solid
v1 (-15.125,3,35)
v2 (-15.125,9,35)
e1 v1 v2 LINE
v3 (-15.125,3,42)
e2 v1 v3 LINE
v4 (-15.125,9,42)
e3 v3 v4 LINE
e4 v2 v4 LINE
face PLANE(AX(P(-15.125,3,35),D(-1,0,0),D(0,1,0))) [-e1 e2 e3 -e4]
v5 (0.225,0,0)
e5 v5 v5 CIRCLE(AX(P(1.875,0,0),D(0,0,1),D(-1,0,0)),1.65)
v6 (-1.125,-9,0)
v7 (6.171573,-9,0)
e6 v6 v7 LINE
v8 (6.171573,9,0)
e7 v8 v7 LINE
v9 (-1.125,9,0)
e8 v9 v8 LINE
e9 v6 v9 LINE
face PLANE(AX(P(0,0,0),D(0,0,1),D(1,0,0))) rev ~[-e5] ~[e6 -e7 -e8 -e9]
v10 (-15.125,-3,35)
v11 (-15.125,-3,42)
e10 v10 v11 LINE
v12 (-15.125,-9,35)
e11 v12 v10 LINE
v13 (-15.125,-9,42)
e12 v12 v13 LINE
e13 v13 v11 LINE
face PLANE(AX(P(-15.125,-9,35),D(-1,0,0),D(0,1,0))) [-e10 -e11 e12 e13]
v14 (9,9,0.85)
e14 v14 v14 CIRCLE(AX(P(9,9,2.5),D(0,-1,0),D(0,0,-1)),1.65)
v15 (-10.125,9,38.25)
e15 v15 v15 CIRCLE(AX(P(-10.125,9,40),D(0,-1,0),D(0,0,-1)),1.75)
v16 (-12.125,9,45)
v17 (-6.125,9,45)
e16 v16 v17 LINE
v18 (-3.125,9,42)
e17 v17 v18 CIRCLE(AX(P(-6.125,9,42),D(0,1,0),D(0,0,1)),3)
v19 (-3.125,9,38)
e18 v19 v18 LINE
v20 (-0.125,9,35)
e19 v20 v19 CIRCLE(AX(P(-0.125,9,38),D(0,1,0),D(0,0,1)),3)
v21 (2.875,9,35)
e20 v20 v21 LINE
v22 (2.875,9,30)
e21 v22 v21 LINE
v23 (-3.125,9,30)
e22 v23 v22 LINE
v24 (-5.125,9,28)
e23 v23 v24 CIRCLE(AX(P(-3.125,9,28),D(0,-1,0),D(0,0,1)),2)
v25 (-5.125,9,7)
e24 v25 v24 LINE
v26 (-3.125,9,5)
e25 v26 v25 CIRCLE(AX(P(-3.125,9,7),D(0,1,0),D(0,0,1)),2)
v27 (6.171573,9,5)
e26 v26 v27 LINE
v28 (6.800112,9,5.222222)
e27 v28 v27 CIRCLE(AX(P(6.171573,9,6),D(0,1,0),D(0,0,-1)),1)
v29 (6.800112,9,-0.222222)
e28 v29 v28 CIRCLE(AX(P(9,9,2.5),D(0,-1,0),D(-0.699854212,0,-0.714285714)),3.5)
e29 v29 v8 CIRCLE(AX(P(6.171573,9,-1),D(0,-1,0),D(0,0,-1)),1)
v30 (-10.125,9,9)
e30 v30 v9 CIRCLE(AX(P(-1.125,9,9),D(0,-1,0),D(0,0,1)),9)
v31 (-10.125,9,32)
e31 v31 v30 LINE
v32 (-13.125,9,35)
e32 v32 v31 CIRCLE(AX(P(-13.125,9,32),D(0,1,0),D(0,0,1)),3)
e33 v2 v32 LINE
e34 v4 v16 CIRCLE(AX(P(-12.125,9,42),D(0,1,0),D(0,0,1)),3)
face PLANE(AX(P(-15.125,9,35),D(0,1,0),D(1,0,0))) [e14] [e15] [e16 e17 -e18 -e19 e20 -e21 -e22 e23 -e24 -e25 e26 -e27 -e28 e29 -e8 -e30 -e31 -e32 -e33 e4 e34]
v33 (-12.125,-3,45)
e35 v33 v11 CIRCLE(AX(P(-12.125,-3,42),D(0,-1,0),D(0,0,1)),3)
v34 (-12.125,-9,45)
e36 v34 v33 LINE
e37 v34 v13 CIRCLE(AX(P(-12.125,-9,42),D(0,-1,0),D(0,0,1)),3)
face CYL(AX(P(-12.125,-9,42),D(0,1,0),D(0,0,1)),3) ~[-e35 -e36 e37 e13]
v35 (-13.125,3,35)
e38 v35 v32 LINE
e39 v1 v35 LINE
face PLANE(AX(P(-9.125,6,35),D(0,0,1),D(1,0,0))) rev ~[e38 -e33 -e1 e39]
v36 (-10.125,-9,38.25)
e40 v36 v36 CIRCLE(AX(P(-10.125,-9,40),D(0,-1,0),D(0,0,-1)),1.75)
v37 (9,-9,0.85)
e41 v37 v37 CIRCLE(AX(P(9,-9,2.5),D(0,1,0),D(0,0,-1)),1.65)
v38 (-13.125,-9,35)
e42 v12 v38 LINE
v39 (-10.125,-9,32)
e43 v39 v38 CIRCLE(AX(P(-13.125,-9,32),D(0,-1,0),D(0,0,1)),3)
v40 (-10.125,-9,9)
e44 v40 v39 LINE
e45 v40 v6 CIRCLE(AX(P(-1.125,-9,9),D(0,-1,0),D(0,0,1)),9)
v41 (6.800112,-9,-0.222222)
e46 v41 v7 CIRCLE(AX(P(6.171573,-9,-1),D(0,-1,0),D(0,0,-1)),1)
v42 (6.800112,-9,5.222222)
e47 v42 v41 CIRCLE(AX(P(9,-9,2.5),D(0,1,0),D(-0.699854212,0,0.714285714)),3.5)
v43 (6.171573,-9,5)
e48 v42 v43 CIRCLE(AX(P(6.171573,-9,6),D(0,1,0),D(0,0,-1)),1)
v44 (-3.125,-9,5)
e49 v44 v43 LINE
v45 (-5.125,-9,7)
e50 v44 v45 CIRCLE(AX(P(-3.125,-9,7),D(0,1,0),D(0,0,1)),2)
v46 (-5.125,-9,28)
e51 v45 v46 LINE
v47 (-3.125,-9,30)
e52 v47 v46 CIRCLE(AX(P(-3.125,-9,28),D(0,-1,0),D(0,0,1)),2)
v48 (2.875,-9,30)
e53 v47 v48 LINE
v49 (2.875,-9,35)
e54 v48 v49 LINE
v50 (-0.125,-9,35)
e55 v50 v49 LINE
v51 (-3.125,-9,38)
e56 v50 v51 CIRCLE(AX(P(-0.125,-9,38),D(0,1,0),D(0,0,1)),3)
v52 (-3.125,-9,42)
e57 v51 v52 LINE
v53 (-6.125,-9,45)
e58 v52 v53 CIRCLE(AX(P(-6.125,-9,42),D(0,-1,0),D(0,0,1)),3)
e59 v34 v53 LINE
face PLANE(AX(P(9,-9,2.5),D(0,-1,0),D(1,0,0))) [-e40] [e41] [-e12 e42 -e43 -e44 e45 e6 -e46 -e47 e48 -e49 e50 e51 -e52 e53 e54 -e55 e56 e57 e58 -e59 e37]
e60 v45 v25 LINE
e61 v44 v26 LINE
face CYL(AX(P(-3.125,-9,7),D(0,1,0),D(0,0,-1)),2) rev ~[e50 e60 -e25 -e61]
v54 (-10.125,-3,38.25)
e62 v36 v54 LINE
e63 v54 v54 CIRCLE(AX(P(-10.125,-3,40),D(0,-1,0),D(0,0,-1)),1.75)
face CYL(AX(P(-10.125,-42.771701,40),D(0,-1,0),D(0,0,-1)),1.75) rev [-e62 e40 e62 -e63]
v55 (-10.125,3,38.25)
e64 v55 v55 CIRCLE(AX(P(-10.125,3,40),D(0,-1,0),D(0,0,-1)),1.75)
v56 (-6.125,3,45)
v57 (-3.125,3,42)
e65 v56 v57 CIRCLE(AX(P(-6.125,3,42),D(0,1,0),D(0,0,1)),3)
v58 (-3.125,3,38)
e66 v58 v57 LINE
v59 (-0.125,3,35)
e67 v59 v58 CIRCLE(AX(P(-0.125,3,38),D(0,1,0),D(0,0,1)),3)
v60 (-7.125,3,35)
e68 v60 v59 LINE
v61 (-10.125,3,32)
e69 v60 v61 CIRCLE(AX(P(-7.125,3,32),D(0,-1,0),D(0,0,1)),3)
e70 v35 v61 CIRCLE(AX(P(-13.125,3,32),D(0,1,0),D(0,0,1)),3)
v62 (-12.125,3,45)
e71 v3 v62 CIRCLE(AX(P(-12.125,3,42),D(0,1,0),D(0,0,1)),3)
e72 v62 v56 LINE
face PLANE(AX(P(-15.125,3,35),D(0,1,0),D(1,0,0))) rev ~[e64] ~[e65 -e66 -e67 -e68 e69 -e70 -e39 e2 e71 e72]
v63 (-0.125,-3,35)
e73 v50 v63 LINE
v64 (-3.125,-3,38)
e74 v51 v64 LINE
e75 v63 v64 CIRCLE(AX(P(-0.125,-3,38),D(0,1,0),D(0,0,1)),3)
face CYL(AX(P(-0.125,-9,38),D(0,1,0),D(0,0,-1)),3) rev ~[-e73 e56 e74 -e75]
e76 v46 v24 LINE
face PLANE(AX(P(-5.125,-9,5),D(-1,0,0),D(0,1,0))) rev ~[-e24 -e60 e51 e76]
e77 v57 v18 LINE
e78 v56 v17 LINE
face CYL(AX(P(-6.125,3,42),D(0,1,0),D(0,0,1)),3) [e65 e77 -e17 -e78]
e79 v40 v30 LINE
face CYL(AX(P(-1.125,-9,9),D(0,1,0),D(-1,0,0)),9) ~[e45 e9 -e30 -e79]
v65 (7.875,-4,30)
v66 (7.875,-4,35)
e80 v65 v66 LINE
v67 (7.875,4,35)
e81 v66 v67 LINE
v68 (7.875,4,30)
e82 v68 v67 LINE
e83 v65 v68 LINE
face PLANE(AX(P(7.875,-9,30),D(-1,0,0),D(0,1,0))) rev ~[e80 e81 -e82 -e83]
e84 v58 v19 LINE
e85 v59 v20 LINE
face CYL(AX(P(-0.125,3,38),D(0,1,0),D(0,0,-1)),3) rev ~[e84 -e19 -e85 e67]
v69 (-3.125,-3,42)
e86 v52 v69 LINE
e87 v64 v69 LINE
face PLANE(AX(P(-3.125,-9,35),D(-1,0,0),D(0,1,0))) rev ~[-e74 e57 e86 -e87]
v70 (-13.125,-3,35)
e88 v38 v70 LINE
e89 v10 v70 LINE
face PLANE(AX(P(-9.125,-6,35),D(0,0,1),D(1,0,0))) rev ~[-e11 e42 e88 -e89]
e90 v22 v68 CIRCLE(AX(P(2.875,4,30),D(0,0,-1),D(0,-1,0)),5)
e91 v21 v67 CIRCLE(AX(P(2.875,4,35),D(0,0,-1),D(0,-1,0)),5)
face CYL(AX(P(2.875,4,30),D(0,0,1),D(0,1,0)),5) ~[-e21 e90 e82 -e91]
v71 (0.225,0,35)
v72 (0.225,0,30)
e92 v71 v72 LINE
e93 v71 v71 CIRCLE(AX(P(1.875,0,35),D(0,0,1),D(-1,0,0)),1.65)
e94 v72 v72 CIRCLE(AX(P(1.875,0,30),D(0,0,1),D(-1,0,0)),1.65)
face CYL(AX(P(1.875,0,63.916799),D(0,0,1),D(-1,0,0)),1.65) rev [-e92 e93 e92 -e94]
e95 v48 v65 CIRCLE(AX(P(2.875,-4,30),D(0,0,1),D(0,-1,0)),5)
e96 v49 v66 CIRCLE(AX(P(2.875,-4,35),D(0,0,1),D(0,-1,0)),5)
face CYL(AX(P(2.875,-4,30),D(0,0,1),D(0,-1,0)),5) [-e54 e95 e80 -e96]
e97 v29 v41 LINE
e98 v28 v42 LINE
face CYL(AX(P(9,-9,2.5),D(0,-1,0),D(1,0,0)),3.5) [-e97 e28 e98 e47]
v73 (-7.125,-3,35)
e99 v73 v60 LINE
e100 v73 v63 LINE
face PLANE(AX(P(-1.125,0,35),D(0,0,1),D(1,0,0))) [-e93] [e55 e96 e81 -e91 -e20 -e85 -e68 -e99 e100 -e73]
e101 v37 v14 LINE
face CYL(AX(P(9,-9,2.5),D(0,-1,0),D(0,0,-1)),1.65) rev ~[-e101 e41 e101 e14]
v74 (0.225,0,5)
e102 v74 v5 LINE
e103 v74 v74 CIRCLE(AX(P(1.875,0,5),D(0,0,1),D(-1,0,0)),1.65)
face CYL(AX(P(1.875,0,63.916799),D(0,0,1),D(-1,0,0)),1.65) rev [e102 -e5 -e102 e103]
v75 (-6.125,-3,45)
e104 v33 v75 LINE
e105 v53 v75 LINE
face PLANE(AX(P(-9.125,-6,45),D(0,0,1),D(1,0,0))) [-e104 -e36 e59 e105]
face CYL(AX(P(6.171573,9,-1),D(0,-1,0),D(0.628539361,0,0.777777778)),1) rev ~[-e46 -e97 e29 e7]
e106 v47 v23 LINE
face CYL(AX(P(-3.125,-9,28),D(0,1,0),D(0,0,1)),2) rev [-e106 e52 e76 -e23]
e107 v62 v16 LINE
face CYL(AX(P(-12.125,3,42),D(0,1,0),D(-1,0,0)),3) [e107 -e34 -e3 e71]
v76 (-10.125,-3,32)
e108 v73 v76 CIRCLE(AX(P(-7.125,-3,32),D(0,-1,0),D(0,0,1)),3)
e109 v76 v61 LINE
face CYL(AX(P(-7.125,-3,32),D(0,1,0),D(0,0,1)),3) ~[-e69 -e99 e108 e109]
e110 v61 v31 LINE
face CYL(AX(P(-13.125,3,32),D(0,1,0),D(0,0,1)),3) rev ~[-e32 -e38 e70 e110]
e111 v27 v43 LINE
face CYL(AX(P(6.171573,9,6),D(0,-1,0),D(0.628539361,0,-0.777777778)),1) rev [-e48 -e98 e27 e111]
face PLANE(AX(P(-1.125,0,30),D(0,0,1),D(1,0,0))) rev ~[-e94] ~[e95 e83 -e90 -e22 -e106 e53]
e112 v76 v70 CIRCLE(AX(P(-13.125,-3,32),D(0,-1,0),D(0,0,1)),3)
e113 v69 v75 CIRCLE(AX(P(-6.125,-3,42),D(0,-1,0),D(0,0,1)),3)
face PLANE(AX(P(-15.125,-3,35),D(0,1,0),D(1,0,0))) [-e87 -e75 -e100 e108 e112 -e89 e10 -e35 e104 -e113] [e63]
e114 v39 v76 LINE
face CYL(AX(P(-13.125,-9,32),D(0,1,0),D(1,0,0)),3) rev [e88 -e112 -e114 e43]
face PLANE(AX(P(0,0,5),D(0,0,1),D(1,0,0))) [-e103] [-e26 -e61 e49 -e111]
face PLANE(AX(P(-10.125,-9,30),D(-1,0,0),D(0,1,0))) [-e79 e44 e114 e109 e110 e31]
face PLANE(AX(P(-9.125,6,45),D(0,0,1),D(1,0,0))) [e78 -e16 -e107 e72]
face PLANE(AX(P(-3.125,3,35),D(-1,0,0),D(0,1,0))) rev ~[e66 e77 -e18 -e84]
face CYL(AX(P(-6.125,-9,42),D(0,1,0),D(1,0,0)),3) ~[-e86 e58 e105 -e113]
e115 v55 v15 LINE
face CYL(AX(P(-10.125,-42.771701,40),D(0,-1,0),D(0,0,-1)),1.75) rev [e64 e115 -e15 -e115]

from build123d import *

# Parameters (mm, degrees)
SKETCH1_W               = 20.25
SKETCH1_H               = 18
BOSS_EXTRUDE1_DEPTH     = 5
SKETCH2_W               = 5
SKETCH2_H               = 18
BOSS_EXTRUDE2_DEPTH     = 25
SKETCH3_W               = 18
SKETCH3_H               = 18
BOSS_EXTRUDE3_DEPTH     = 5
CUT_EXTRUDE2_DEPTH      = 33.916798523
CUT_EXTRUDE2_DEPTH_BACK = 33.916798523
SKETCH5_R               = 1.65
FILLET1_R               = 9
FILLET7_R               = 5
CUT_EXTRUDE4_DEPTH      = 41.638843795
CUT_EXTRUDE4_DEPTH_BACK = 41.638843795
SKETCH10_R              = 1.65
SKETCH10_4_R            = 3.5
SKETCH10_4_R_2          = 1.65
BOSS_EXTRUDE7_DEPTH     = 18
FILLET13_R              = 1
FILLET16_R              = 2
SKETCH11_W              = 12
SKETCH11_H              = 6
BOSS_EXTRUDE8_DEPTH     = 10
CUT_EXTRUDE5_DEPTH      = 51.771701025
CUT_EXTRUDE5_DEPTH_BACK = 51.771701025
SKETCH12_R              = 1.75
FILLET17_R              = 3
FILLET19_R              = 3
FILLET20_R              = 2


with BuildPart() as part:
    # Sketch1 → Boss-Extrude1 (new body)
    with BuildSketch(Plane.XY):
        Rectangle(SKETCH1_W, SKETCH1_H)
    extrude(amount=BOSS_EXTRUDE1_DEPTH)

    # Sketch2 → Boss-Extrude2 (add)
    with BuildSketch(Plane.XY.offset(5)):
        with Locations((-7.625, 0)):
            Rectangle(SKETCH2_W, SKETCH2_H)
    extrude(amount=BOSS_EXTRUDE2_DEPTH)

    # Sketch3 → Boss-Extrude3 (add)
    with BuildSketch(Plane.XY.offset(30)):
        with Locations((-1.125, 0)):
            Rectangle(SKETCH3_W, SKETCH3_H)
    extrude(amount=BOSS_EXTRUDE3_DEPTH)

    # Sketch5 → Cut-Extrude2 (cut, two sides: drawn at the far end of the back side and taken through both)
    with BuildSketch(Plane(origin=(0, 0, 30), x_dir=(-1, 0, 0), z_dir=(0, 0, -1)).offset(-CUT_EXTRUDE2_DEPTH_BACK)):
        with Locations((-1.875, 0)):
            Circle(SKETCH5_R)
    extrude(amount=CUT_EXTRUDE2_DEPTH + CUT_EXTRUDE2_DEPTH_BACK, mode=Mode.SUBTRACT)

    # Fillet1
    fillet1_edges = [part.edges().sort_by_distance(p)[0] for p in [
        (-10.125, 0, 0),
    ]]
    fillet(fillet1_edges, radius=FILLET1_R)

    # Fillet7
    fillet7_edges = [part.edges().sort_by_distance(p)[0] for p in [
        (7.875, -9, 32.5),
        (7.875, 9, 32.5),
    ]]
    fillet(fillet7_edges, radius=FILLET7_R)

    # Sketch10 → Cut-Extrude4 (cut, two sides: drawn at the far end of the back side and taken through both)
    with BuildSketch(Plane.XZ.offset(9).offset(-CUT_EXTRUDE4_DEPTH_BACK)):
        with Locations((9, 2.5)):
            Circle(SKETCH10_R)
    extrude(amount=CUT_EXTRUDE4_DEPTH + CUT_EXTRUDE4_DEPTH_BACK, mode=Mode.SUBTRACT)

    # Sketch10<4> → Boss-Extrude7 (add)
    with BuildSketch(Plane.XZ.offset(9)):
        with Locations((9, 2.5)):
            Circle(SKETCH10_4_R)
        with Locations((9, 2.5)):
            Circle(SKETCH10_4_R_2, mode=Mode.SUBTRACT)
    extrude(amount=-BOSS_EXTRUDE7_DEPTH)

    # Fillet13
    fillet13_edges = [part.edges().sort_by_distance(p)[0] for p in [
        (6.550510257, 0, 0),
        (6.550510257, 0, 5),
    ]]
    fillet(fillet13_edges, radius=FILLET13_R)

    # Fillet16
    fillet16_edges = [part.edges().sort_by_distance(p)[0] for p in [
        (-5.125, 0, 5),
    ]]
    fillet(fillet16_edges, radius=FILLET16_R)

    # Sketch11 → Boss-Extrude8 (add)
    with BuildSketch(Plane.XY.offset(35)):
        with Locations((-9.125, 6)):
            Rectangle(SKETCH11_W, SKETCH11_H)
        with Locations((-9.125, -6)):
            Rectangle(SKETCH11_W, SKETCH11_H)
    extrude(amount=BOSS_EXTRUDE8_DEPTH)

    # Sketch12 → Cut-Extrude5 (cut, two sides: drawn at the far end of the back side and taken through both)
    with BuildSketch(Plane(origin=(0, 9, 0), x_dir=(1, 0, 0), z_dir=(0, 1, 0)).offset(-CUT_EXTRUDE5_DEPTH_BACK)):
        with Locations((-10.125, -40)):
            Circle(SKETCH12_R)
    extrude(amount=CUT_EXTRUDE5_DEPTH + CUT_EXTRUDE5_DEPTH_BACK, mode=Mode.SUBTRACT)

    # Fillet17
    fillet17_edges = [part.edges().sort_by_distance(p)[0] for p in [
        (-3.125, 6, 35),
        (-3.125, 6, 45),
        (-15.125, 6, 45),
        (-10.125, 6, 35),
        (-3.125, -6, 35),
        (-3.125, -6, 45),
        (-15.125, -6, 45),
        (-10.125, -6, 35),
    ]]
    fillet(fillet17_edges, radius=FILLET17_R)

    # Fillet19
    fillet19_edges = [part.edges().sort_by_distance(p)[0] for p in [
        (-10.125, 0, 35),
    ]]
    fillet(fillet19_edges, radius=FILLET19_R)

    # Fillet20
    fillet20_edges = [part.edges().sort_by_distance(p)[0] for p in [
        (-5.125, 0, 30),
    ]]
    fillet(fillet20_edges, radius=FILLET20_R)


solid = part.part
